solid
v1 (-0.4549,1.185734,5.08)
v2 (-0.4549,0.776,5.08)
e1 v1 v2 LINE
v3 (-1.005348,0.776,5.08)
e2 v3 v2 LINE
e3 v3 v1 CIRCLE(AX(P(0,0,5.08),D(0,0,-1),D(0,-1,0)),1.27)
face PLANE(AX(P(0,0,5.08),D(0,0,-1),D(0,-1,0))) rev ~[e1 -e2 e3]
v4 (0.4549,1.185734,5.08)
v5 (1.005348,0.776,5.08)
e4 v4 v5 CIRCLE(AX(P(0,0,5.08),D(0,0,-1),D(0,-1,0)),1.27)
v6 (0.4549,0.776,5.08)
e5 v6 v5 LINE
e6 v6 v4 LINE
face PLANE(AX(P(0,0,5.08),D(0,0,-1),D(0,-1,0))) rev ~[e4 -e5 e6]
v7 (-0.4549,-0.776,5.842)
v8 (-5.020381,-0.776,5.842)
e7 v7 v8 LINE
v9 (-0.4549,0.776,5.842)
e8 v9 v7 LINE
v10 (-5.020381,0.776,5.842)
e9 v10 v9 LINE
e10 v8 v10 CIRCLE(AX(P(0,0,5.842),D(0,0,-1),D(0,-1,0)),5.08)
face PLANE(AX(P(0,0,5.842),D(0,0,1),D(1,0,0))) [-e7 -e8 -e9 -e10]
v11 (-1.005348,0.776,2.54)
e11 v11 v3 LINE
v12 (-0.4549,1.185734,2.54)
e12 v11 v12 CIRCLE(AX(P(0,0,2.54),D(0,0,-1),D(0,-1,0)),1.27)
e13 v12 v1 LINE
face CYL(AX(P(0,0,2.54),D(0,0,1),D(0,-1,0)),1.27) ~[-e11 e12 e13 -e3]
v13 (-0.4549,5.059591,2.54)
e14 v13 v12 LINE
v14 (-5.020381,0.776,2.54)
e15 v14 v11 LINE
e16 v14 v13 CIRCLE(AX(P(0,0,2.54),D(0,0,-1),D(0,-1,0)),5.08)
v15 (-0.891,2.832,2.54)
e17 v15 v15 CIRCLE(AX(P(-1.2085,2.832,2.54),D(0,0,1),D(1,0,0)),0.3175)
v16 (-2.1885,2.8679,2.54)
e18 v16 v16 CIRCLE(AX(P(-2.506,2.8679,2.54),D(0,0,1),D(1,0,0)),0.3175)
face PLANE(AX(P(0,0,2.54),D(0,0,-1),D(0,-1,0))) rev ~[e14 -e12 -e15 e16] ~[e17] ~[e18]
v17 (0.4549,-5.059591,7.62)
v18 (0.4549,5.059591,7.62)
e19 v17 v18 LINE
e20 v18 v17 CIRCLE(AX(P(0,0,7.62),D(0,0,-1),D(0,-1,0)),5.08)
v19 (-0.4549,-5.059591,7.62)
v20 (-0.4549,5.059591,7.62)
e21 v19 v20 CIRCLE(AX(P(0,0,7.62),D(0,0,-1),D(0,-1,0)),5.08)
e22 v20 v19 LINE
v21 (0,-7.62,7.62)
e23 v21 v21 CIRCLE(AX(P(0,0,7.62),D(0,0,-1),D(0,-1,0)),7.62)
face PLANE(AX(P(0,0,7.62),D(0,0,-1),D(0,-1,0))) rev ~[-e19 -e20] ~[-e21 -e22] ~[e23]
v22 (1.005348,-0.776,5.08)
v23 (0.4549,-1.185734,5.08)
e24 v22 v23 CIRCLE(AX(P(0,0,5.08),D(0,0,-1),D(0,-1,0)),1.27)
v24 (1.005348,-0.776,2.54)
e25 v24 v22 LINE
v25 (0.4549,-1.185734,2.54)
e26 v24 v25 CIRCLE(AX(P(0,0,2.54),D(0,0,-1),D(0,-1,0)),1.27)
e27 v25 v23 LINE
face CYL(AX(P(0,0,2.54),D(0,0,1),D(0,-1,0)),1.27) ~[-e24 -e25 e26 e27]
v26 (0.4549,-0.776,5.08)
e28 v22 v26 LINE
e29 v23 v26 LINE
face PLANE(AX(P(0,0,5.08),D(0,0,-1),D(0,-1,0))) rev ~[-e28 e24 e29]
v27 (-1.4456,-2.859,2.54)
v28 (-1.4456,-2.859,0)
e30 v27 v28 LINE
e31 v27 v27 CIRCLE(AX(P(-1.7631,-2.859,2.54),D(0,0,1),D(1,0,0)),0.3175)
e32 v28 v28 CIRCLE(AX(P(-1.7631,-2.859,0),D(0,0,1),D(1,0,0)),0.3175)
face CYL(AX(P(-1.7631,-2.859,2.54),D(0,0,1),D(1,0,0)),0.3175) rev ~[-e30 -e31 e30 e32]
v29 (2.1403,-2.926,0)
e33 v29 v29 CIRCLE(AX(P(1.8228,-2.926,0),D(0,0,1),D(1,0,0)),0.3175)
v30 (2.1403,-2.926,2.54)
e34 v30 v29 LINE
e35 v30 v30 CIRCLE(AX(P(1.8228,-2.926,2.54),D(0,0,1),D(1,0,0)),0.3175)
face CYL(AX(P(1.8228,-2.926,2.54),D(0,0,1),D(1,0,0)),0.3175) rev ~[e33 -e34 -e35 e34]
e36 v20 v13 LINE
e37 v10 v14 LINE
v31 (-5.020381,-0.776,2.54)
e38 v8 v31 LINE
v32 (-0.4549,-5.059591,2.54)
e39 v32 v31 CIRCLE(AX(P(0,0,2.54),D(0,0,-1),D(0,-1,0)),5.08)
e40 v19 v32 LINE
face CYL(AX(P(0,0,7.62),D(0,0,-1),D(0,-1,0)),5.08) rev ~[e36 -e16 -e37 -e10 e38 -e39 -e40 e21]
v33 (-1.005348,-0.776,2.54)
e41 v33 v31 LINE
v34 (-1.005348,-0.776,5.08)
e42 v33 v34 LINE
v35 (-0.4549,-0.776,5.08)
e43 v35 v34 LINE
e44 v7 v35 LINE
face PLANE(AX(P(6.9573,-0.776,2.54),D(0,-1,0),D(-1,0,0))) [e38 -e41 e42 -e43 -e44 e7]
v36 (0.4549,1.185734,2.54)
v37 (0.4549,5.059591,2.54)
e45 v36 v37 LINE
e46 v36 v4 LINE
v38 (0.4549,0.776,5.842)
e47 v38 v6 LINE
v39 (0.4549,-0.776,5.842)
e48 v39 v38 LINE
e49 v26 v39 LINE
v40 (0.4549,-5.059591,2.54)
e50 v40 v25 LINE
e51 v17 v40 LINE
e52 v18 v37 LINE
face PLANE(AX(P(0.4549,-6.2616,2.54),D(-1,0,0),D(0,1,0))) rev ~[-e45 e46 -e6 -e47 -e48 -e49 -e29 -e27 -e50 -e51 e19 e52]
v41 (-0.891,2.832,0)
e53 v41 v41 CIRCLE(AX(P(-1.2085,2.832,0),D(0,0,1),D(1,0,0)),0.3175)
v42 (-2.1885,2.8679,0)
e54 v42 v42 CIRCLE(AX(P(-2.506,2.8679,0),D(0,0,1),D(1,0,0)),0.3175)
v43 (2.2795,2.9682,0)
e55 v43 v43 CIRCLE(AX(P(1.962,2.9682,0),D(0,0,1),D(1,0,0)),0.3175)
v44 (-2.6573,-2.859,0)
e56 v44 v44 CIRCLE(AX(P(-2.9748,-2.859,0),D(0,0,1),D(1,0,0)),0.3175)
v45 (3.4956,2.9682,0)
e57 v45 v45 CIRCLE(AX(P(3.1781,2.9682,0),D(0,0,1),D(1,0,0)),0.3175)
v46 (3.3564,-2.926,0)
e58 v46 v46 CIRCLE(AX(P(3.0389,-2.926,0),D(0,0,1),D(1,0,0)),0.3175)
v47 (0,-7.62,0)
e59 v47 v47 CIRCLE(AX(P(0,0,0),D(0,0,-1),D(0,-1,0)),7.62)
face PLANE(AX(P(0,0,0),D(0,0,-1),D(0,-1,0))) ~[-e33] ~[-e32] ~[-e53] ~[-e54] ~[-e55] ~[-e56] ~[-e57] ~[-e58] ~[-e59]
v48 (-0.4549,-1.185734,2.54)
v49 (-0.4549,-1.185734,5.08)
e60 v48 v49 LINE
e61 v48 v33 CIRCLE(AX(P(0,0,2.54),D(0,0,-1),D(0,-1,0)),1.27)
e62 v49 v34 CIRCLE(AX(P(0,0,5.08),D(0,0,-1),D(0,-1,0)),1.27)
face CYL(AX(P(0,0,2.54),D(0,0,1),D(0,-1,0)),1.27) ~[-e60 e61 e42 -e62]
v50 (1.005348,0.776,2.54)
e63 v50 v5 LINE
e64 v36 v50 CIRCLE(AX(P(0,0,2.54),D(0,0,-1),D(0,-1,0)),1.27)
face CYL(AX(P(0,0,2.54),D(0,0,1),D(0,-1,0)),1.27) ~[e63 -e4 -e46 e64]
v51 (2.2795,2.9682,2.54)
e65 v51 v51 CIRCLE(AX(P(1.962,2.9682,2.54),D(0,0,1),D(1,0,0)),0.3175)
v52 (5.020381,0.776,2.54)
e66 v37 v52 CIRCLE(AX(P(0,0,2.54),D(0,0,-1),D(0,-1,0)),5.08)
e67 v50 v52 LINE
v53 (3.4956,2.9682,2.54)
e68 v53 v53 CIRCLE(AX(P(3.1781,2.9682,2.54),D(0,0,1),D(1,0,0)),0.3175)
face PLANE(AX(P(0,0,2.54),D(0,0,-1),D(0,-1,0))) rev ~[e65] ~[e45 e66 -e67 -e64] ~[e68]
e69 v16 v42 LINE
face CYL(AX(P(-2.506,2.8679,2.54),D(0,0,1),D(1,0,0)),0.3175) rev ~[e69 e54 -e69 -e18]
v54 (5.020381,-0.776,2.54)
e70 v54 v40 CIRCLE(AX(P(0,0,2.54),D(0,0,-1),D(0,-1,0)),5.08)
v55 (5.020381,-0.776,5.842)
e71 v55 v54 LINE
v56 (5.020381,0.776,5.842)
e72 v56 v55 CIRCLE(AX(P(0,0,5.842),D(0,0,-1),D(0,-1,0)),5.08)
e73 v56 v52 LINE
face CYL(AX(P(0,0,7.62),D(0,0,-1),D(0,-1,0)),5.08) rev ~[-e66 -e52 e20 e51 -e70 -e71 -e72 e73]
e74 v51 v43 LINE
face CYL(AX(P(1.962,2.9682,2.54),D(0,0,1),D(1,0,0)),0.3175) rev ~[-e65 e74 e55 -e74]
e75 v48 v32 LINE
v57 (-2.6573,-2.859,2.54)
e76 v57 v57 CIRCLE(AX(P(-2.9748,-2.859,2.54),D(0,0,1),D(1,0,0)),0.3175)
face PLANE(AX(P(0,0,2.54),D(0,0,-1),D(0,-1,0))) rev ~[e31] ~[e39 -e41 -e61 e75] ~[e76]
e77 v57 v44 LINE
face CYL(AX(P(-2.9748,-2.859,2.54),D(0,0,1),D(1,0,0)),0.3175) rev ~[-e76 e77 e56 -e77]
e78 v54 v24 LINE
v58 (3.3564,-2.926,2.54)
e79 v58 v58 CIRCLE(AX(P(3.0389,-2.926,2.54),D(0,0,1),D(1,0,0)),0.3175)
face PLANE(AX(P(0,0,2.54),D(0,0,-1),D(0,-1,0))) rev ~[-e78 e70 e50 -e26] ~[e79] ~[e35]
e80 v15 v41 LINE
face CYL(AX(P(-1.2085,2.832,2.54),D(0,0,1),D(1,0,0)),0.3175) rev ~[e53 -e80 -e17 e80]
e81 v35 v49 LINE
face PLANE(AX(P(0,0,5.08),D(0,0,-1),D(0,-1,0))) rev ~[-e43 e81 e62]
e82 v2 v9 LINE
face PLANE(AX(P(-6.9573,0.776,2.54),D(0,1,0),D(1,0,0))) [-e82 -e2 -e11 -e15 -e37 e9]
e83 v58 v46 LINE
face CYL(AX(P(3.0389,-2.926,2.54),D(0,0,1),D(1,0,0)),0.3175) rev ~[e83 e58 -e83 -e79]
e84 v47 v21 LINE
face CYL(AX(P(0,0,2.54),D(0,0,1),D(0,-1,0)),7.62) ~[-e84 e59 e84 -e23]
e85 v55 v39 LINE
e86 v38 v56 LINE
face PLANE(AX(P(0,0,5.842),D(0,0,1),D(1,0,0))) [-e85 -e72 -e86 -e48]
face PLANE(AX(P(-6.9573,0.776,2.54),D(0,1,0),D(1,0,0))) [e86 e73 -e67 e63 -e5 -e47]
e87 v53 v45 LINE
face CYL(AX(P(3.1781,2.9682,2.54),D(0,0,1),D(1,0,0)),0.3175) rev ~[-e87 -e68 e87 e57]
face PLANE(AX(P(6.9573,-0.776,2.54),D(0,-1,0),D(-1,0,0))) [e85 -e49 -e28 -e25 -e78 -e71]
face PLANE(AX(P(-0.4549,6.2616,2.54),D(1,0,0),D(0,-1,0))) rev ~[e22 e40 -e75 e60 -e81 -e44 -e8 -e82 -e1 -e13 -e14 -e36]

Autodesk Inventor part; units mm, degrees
ref_plane "YZ Plane" through (0, 0, 0) normal (1, 0, 0) x (0, 1, 0)
ref_plane "XZ Plane" through (0, 0, 0) normal (0, 1, 0) x (-1, 0, 0)
ref_plane "XY Plane" through (0, 0, 0) normal (0, 0, 1) x (1, 0, 0)
sketch "Sketch1" plane through (0, 0, 0) normal (1, 0, 0) x (0, 1, 0)
  line L0 (-7.62, 2.54) -> (0, 2.54)
  line L1 (0, 2.54) -> (0, 0)
  line L2 (0, 0) -> (-7.62, 0)
  line L3 (-7.62, 0) -> (-7.62, 2.54)
  line L4 (-7.62, 7.62) -> (-5.08, 7.62)
  line L5 (-5.08, 7.62) -> (-5.08, 2.54)
  line L6 (-5.08, 2.54) -> (-7.62, 2.54)
  line L7 (-7.62, 2.54) -> (-7.62, 7.62)
  line L8 (-1.27, 5.08) -> (0, 5.08)
  line L9 (0, 5.08) -> (0, 2.54)
  line L10 (0, 2.54) -> (-1.27, 2.54)
  line L11 (-1.27, 2.54) -> (-1.27, 5.08)
  dimension "d0" = 7.62
  dimension "d1" = 2.54
  dimension "d2" = 5.08
  dimension "d3" = 2.54
  dimension "d4" = 1.27
  dimension "d5" = 2.54
revolve "Revolution1" add sketch "Sketch1" angle 360 about axis through (0, 0, 2.54) along (0, 0, -1)
sketch "Sketch2" plane through (0, 0, 2.54) normal (0, 0, 1) x (1, 0, 0)
  circle A0 centre (-2.9748, -2.859) radius 0.3175
  line L0 (-0.6666, -1.081) -> (-1.7631, -2.859) construction
  line L1 (-1.7631, -2.859) -> (-2.9748, -2.859) construction
  circle A1 centre (0, 0) radius 1.27 construction
  circle A2 centre (-1.7631, -2.859) radius 0.3175
  point P0 (0, 0)
  dimension "d7" = 0.635
  dimension "d8" = 1.778
  dimension "d9" = 0.635
extrude "Extrusion1" cut sketch "Sketch2" along normal mid plane 25.4
sketch "Sketch3" plane through (0, 0, 2.54) normal (0, 0, 1) x (1, 0, 0)
  line L0 (0, 0) -> (1.8228, -2.926) construction
  line L1 (1.8228, -2.926) -> (3.0389, -2.926) construction
  line L2 (-1.5657, -3.1077) -> (1.8228, -2.926) construction
  circle A0 centre (-1.7631, -2.859) radius 0.3175 projected
  circle A1 centre (1.8228, -2.926) radius 0.3175
  circle A2 centre (3.0389, -2.926) radius 0.3175
  circle A3 centre (1.962, 2.9682) radius 0.3175
  circle A4 centre (3.1781, 2.9682) radius 0.3175
  circle A5 centre (-1.2085, 2.832) radius 0.3175
  circle A6 centre (-2.506, 2.8679) radius 0.3175
  point P0 (0, 0)
  dimension "d12" = 0.635
  dimension "d13" = 0.635
  dimension "d14" = 0.635
  dimension "d15" = 0.635
  dimension "d16" = 0.635
  dimension "d17" = 0.635
extrude "Extrusion2" cut sketch "Sketch3" along normal mid plane 25.4 contours A1 | A2 | A3 | A4 | A5 | A6
sketch "Sketch4" plane through (0, 0, 2.54) normal (0, 0, 1) x (1, 0, 0)
  line L0 (-0.4549, -6.2616) -> (0.4549, -6.2616)
  line L1 (0.4549, -6.2616) -> (0.4549, 6.2616)
  line L2 (0.4549, 6.2616) -> (-0.4549, 6.2616)
  line L3 (-0.4549, 6.2616) -> (-0.4549, -6.2616)
  line L4 (-0.4549, -6.2616) -> (0.4549, 6.2616) construction
  line L5 (0.4549, -6.2616) -> (-0.4549, 6.2616) construction
  point P0 (0, 0)
  point P1 (0, 0)
extrude "Extrusion3" add sketch "Sketch4" along normal blind 5.08
sketch "Sketch5" plane through (0, 0, 2.54) normal (0, 0, 1) x (1, 0, 0)
  line L0 (-6.9573, 0.776) -> (6.9573, 0.776)
  line L1 (6.9573, 0.776) -> (6.9573, -0.776)
  line L2 (6.9573, -0.776) -> (-6.9573, -0.776)
  line L3 (-6.9573, -0.776) -> (-6.9573, 0.776)
  line L4 (-6.9573, 0.776) -> (6.9573, -0.776) construction
  line L5 (6.9573, 0.776) -> (-6.9573, -0.776) construction
  point P0 (0, 0)
  point P1 (0, 0)
extrude "Extrusion4" add sketch "Sketch5" along normal blind 3.302
properties part number "Mount"
